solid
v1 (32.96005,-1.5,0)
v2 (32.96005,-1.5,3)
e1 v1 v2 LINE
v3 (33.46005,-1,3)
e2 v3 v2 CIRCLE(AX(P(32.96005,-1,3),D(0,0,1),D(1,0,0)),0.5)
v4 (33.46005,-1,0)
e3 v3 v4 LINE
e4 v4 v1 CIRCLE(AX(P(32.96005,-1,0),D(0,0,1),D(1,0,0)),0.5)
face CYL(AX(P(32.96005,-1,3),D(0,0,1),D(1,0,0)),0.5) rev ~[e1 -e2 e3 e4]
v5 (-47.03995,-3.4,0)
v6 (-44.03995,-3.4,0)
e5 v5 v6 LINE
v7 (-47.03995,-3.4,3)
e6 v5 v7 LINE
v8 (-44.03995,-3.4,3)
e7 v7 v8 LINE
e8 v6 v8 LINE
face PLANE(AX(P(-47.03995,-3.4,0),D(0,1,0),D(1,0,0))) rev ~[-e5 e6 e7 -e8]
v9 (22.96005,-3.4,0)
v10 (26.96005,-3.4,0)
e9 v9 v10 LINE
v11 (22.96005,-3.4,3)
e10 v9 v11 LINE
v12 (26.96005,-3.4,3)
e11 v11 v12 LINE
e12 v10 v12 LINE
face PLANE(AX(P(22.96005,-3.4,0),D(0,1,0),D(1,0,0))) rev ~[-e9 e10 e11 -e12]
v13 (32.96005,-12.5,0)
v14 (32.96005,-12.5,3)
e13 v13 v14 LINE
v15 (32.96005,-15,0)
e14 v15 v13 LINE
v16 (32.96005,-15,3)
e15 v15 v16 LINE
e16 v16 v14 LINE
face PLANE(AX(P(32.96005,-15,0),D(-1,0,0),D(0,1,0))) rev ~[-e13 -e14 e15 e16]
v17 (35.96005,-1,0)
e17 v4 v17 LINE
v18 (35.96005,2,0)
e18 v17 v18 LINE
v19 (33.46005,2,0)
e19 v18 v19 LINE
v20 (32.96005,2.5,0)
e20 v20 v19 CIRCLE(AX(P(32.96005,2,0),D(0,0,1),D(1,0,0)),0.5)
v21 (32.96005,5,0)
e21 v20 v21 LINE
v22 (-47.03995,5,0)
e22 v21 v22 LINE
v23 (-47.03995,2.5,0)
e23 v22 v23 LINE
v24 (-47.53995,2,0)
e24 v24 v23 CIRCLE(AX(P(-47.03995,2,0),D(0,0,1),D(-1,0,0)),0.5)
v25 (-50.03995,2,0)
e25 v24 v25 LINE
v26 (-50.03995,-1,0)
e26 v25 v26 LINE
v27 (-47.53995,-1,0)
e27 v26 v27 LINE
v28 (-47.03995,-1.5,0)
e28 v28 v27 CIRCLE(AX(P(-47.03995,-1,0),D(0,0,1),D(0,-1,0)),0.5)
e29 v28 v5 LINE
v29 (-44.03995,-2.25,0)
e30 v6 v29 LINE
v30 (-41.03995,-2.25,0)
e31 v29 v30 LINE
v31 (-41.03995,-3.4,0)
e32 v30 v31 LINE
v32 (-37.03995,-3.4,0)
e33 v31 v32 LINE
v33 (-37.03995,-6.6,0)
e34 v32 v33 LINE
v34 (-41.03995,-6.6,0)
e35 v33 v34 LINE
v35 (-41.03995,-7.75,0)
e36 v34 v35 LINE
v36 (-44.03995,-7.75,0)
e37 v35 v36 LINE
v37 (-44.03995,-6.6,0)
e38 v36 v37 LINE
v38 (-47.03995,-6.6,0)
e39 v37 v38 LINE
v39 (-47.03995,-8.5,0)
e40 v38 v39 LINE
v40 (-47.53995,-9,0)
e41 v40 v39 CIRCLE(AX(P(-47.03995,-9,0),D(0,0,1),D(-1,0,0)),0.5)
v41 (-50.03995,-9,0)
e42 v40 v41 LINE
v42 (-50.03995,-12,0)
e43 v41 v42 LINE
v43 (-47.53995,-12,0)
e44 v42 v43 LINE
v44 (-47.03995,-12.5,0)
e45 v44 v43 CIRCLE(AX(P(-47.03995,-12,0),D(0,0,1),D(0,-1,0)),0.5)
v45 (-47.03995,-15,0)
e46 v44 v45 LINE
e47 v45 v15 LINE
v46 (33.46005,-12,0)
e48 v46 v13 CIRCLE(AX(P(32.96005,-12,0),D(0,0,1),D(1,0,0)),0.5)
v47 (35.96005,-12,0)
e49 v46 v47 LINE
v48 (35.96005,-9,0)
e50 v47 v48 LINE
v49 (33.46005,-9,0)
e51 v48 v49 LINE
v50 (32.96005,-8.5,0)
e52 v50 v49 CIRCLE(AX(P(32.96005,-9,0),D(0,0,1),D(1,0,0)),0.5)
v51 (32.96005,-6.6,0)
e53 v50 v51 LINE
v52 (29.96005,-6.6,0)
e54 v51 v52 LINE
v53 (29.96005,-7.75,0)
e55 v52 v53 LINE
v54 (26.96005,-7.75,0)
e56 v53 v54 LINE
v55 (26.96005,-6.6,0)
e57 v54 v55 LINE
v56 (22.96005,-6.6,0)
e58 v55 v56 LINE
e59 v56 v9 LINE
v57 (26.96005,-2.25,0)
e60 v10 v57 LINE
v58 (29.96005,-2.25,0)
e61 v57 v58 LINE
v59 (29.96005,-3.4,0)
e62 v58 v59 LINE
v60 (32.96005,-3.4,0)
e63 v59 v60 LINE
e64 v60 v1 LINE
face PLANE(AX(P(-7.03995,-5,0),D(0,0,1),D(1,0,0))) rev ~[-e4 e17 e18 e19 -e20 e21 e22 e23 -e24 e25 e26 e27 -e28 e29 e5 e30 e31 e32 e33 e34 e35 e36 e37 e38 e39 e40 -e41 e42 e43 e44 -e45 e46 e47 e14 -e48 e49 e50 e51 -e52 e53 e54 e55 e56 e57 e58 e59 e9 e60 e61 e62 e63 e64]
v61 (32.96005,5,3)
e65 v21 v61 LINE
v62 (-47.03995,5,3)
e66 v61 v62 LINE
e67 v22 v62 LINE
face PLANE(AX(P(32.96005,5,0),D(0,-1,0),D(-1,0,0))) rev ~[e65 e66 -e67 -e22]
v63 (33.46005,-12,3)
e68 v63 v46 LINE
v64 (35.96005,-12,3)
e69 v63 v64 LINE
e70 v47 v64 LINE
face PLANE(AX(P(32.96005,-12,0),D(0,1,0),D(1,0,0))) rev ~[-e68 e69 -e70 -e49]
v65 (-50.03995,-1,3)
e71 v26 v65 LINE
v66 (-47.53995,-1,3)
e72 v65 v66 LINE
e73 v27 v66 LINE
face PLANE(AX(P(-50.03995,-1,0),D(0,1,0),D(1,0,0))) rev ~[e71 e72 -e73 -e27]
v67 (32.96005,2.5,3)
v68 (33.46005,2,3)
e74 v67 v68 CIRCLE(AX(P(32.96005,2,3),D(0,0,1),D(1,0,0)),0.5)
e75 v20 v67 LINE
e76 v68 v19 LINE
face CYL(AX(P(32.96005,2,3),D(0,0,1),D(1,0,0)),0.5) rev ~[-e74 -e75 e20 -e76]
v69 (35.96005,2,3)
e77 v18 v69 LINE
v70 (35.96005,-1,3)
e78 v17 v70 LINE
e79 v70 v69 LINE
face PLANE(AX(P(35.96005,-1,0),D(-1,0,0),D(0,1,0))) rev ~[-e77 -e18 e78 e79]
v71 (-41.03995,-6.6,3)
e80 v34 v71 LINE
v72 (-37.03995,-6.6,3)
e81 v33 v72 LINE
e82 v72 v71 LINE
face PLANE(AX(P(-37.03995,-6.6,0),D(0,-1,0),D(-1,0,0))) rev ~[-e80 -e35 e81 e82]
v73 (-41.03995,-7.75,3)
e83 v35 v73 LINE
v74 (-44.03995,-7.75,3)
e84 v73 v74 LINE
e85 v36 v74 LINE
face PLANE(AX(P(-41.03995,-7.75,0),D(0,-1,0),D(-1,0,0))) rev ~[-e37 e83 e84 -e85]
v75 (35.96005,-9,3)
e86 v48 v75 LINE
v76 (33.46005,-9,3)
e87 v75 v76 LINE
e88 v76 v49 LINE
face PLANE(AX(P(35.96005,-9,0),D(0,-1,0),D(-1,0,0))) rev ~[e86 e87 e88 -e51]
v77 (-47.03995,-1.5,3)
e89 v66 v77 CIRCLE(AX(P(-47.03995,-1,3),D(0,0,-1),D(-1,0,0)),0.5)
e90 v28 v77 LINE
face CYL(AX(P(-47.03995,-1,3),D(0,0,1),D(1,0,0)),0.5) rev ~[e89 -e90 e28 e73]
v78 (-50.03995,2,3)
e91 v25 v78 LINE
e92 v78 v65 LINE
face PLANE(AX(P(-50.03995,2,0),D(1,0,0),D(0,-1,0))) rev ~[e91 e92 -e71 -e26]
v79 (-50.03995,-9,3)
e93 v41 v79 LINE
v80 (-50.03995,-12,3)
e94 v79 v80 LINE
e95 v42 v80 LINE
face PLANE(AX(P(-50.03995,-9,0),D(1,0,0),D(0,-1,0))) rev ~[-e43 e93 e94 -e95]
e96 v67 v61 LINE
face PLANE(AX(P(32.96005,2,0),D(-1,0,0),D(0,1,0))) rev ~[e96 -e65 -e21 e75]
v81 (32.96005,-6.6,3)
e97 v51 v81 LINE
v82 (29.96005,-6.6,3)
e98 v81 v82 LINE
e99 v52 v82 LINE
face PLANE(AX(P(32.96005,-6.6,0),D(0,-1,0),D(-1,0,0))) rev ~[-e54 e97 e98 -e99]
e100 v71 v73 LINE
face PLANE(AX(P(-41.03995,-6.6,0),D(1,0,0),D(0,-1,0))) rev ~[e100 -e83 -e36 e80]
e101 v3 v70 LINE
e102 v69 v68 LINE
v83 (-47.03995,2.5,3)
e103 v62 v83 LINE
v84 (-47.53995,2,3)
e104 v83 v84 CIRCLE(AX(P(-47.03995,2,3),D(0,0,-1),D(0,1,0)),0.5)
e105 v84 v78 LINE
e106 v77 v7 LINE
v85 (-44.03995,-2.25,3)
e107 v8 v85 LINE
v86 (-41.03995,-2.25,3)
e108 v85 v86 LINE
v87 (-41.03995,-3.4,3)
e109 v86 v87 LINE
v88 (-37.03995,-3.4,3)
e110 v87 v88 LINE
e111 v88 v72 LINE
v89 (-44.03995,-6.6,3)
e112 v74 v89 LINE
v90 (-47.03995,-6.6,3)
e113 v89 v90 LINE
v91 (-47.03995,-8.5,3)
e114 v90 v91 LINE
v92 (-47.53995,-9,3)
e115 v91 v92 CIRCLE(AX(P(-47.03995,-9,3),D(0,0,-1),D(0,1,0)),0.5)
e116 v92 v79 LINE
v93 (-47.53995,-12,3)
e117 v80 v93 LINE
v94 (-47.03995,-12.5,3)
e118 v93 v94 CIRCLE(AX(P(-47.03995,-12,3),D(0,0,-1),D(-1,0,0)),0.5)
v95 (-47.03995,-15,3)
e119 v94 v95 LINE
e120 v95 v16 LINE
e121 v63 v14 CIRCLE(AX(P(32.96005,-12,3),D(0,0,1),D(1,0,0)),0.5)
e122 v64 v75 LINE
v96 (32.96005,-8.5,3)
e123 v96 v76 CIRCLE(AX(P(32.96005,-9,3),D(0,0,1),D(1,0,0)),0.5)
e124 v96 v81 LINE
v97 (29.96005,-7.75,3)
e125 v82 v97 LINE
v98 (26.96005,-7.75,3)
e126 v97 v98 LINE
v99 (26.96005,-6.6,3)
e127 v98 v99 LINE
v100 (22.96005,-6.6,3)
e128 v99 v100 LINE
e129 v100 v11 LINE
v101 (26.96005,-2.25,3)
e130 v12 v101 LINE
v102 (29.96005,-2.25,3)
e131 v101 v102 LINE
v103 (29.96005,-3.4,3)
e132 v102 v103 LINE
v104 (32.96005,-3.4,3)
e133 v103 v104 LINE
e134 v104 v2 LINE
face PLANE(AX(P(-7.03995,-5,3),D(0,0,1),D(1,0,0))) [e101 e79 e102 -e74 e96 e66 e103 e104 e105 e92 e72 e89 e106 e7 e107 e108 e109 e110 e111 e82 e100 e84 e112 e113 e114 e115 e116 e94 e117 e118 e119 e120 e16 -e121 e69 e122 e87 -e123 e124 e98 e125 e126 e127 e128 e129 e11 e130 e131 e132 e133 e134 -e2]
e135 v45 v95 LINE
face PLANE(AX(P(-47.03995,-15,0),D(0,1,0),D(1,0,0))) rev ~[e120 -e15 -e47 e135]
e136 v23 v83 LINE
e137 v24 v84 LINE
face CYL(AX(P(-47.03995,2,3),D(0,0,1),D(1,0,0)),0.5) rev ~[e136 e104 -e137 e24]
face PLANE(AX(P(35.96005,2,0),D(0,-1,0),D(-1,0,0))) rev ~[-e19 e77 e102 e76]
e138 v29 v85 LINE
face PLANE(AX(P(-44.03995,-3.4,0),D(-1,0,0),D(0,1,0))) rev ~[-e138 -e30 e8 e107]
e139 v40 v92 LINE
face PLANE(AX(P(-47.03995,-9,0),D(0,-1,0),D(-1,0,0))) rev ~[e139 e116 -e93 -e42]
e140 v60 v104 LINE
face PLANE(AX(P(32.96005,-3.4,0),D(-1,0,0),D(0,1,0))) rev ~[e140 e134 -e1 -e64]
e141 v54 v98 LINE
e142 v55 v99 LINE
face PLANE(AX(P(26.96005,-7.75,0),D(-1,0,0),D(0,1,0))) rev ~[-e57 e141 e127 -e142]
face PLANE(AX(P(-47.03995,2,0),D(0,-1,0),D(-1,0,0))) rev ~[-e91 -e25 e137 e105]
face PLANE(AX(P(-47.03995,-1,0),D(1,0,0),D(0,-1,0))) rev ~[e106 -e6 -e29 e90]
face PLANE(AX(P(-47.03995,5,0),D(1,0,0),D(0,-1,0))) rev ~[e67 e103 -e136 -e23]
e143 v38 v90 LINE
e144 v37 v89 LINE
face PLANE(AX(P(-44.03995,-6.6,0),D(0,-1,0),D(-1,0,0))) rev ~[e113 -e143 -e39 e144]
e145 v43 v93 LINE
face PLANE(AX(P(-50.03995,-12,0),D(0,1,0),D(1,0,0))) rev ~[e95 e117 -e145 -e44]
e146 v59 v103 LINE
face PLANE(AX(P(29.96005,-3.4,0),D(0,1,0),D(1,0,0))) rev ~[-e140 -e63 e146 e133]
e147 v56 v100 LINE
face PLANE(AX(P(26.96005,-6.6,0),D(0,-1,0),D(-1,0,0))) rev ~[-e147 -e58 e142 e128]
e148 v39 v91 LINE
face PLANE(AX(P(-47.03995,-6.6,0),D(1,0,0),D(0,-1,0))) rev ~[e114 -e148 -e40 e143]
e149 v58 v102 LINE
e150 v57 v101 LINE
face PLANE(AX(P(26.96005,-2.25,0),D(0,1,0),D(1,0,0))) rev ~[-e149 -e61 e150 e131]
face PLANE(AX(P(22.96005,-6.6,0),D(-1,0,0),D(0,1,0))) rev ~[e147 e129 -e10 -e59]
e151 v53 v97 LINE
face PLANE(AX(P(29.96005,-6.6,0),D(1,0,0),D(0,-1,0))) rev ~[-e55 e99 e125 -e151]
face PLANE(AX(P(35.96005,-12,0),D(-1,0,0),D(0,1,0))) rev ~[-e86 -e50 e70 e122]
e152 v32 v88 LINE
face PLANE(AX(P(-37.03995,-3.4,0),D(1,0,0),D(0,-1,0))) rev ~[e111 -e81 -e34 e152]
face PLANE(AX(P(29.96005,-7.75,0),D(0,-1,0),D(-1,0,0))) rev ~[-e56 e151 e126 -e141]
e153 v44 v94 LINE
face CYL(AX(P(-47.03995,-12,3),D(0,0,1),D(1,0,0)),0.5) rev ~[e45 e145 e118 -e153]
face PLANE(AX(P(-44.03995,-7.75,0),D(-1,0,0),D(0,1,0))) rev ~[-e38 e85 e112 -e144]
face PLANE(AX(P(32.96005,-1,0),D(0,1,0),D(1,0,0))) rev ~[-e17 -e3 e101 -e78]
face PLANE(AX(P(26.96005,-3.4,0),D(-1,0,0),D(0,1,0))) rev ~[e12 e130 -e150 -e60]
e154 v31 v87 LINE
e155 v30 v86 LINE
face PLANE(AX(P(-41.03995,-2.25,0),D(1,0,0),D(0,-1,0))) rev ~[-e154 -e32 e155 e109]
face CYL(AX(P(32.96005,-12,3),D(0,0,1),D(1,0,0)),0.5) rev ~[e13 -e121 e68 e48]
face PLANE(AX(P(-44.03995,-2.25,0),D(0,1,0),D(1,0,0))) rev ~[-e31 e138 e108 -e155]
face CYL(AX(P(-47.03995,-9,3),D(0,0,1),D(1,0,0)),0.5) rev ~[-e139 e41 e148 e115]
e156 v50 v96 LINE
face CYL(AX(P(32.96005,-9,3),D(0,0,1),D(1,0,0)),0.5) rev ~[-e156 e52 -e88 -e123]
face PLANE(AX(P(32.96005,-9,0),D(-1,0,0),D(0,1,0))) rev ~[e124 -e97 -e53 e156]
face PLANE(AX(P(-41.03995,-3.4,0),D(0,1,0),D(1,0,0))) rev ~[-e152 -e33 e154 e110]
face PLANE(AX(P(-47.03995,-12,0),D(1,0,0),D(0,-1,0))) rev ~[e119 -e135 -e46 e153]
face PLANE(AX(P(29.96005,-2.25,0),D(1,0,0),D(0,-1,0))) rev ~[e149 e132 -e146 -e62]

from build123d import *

# Parameters (mm, degrees)
BOSS_EXTRUDE1_DEPTH = 3
SKETCH2_R           = 0.5
CUT_EXTRUDE1_DEPTH  = 4


with BuildPart() as part:
    # Sketch1 → Boss-Extrude1 (new body)
    with BuildSketch(Plane.XY):
        Polygon((-47.039949999, -12), (-47.039949999, -15), (32.960050001, -15), (32.960050001, -12), (35.960050001, -12), (35.960050001, -9), (32.960050001, -9), (32.960050001, -6.6), (29.960050001, -6.6), (29.960050001, -7.75), (26.960050001, -7.75), (26.960050001, -6.6), (22.960050001, -6.6), (22.960050001, -3.4), (26.960050001, -3.4), (26.960050001, -2.25), (29.960050001, -2.25), (29.960050001, -3.4), (32.960050001, -3.4), (32.960050001, -1), (35.960050001, -1), (35.960050001, 2), (32.960050001, 2), (32.960050001, 5), (-47.039949999, 5), (-47.039949999, 2), (-50.039949999, 2), (-50.039949999, -1), (-47.039949999, -1), (-47.039949999, -3.4), (-44.039949999, -3.4), (-44.039949999, -2.25), (-41.039949999, -2.25), (-41.039949999, -3.4), (-37.039949999, -3.4), (-37.039949999, -6.6), (-41.039949999, -6.6), (-41.039949999, -7.75), (-44.039949999, -7.75), (-44.039949999, -6.6), (-47.039949999, -6.6), (-47.039949999, -9), (-50.039949999, -9), (-50.039949999, -12), align=None)
    extrude(amount=BOSS_EXTRUDE1_DEPTH)

    # Sketch2 → Cut-Extrude1 (cut, through all)
    with BuildSketch(Plane.XY.offset(3)):
        with Locations((-47.039949999, 2)):
            Circle(SKETCH2_R)
        with Locations((-47.039949999, -1)):
            Circle(SKETCH2_R)
        with Locations((-47.039949999, -12)):
            Circle(SKETCH2_R)
        with Locations((-47.039949999, -9)):
            Circle(SKETCH2_R)
        with Locations((32.960050001, 2)):
            Circle(SKETCH2_R)
        with Locations((32.960050001, -1)):
            Circle(SKETCH2_R)
        with Locations((32.960050001, -9)):
            Circle(SKETCH2_R)
        with Locations((32.960050001, -12)):
            Circle(SKETCH2_R)
    extrude(amount=-CUT_EXTRUDE1_DEPTH, mode=Mode.SUBTRACT)


solid = part.part
